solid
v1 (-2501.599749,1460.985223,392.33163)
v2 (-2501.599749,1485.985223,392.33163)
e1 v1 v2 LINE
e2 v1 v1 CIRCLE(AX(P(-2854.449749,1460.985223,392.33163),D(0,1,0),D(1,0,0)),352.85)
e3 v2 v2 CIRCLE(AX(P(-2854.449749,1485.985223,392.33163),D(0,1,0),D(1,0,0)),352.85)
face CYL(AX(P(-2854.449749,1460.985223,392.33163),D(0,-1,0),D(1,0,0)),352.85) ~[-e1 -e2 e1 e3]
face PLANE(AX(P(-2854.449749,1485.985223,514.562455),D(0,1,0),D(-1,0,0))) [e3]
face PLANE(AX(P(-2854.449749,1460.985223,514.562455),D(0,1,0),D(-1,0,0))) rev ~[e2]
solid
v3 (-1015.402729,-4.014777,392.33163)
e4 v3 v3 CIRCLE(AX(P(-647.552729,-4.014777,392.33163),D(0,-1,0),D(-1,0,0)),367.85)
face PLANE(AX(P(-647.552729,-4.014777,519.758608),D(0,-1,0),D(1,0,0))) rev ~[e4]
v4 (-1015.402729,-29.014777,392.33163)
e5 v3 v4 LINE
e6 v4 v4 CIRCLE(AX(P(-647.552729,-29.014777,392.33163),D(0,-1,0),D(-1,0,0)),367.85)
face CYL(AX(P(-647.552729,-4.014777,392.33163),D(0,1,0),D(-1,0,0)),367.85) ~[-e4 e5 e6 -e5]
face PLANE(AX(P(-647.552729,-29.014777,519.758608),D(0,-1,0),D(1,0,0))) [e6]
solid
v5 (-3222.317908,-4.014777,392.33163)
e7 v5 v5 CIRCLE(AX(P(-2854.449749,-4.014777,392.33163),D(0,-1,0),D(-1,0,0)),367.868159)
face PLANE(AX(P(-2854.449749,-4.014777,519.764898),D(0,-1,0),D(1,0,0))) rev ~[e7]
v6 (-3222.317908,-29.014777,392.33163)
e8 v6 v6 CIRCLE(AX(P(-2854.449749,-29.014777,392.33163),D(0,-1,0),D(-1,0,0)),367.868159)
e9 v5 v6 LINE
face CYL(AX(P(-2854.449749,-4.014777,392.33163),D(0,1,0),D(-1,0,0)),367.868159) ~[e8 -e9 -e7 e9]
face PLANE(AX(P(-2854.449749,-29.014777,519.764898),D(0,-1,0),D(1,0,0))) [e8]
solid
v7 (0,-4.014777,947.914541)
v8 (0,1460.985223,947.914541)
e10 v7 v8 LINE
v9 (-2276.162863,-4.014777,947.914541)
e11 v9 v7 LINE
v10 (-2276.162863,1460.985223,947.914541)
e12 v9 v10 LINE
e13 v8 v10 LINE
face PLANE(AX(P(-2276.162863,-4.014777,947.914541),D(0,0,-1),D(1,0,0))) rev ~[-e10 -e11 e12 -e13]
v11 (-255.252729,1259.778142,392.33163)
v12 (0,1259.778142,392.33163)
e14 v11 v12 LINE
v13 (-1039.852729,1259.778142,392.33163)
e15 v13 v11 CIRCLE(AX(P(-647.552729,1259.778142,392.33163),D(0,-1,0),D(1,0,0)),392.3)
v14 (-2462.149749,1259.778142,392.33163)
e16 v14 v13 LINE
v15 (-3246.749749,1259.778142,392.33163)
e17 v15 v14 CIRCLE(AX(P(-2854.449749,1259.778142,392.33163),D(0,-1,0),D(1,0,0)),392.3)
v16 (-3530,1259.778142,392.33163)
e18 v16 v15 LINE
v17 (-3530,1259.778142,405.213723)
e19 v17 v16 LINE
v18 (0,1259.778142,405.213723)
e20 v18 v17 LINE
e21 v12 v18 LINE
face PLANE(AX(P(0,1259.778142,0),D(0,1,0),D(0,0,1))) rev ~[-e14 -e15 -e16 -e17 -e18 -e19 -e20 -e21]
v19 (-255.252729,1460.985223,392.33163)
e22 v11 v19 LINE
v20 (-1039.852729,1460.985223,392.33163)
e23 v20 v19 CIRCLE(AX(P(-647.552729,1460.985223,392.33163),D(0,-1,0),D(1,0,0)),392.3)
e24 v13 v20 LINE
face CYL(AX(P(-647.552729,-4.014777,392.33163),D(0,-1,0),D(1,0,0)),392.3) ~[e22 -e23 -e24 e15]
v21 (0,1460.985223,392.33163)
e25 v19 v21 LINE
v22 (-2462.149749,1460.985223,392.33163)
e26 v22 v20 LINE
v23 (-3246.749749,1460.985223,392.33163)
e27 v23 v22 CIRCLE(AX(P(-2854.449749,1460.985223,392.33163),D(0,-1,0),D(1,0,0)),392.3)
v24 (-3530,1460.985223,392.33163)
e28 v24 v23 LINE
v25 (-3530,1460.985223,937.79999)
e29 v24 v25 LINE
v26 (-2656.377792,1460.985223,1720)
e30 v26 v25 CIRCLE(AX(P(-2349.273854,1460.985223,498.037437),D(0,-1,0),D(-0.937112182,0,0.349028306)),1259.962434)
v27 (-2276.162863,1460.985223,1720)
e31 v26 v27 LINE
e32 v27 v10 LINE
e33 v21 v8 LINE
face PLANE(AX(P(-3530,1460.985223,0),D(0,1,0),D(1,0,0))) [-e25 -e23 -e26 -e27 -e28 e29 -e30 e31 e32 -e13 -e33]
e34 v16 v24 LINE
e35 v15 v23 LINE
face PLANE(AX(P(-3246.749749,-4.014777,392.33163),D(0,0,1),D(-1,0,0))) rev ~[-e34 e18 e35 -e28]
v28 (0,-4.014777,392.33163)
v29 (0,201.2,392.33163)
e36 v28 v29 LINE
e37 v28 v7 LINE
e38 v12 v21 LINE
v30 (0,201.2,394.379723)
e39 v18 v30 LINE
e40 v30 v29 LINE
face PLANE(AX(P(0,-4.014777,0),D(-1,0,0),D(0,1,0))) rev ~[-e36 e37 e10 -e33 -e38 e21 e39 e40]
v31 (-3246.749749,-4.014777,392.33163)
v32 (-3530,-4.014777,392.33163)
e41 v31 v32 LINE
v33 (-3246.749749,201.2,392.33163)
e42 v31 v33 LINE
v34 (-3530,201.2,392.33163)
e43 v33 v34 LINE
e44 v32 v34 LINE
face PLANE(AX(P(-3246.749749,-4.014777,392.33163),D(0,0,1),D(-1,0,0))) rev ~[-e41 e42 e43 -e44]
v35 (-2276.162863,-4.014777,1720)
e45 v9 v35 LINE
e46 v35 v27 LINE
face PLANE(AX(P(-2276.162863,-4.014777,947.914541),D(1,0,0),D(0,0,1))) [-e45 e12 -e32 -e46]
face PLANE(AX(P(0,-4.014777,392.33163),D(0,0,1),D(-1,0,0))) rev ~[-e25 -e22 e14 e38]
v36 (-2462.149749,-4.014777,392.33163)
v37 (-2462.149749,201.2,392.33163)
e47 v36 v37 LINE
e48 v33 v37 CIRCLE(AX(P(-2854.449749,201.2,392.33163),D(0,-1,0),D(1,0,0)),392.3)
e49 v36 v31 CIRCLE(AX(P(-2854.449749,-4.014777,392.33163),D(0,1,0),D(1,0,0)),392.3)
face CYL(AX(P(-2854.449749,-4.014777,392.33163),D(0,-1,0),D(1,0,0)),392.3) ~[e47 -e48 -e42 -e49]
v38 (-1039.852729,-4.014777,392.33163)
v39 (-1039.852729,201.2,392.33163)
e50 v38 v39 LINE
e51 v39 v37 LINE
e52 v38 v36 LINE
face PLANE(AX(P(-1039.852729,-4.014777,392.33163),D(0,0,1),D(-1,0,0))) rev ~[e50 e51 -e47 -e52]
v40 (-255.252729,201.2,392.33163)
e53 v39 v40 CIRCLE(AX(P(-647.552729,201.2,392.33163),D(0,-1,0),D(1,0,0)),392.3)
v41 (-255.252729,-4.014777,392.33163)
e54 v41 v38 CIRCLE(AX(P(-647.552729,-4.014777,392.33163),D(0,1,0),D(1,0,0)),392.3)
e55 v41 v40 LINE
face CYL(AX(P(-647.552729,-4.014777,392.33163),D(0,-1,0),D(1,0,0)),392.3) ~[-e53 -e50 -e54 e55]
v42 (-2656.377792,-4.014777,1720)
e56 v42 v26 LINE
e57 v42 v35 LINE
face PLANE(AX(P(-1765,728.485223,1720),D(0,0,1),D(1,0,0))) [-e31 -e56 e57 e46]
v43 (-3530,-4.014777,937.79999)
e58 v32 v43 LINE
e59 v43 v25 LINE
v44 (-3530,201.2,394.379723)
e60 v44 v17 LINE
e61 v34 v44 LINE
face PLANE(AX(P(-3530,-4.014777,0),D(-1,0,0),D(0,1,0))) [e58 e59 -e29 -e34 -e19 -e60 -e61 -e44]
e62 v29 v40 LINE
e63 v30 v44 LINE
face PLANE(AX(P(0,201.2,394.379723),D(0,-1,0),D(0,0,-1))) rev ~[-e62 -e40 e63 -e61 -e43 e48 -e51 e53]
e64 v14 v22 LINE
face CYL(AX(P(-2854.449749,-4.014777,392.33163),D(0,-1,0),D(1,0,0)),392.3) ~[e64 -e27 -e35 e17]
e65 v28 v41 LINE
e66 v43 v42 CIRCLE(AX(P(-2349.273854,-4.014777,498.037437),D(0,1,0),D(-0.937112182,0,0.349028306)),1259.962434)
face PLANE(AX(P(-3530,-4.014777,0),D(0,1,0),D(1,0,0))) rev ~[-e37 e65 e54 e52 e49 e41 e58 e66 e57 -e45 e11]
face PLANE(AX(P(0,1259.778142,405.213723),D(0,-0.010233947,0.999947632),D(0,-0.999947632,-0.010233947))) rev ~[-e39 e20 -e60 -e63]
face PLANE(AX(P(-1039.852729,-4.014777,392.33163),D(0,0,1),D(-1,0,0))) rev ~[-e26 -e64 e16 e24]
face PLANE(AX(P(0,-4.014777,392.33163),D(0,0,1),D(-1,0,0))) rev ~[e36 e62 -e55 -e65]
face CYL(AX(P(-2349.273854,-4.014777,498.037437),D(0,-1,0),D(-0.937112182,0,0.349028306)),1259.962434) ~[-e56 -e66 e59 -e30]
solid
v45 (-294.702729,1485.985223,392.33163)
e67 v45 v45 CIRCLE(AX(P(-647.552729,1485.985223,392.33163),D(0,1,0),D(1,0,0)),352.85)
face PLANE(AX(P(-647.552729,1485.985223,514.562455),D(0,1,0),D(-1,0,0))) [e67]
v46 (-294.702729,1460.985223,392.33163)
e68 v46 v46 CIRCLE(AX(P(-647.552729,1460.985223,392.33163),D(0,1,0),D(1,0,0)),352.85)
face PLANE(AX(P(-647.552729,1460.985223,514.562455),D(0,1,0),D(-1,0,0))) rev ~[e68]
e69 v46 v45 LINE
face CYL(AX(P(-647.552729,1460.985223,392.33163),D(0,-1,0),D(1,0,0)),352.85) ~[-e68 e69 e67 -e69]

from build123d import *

# Parameters (mm, degrees)
F0_W     = 3530
F0_H     = 1465
F1_DEPTH = 1720
F4_DEPTH = 3600
F2_W     = 2276.1628627777
F2_H     = 772.0854592323
F5_DEPTH = 2000
F7_DEPTH = 25
F9_DEPTH = 25


with BuildPart() as f1:
    # F0 (on Top) → F1 (new body)
    with BuildSketch(Plane.XY):
        with Locations((-1765, 728.4852225147)):
            Rectangle(F0_W, F0_H)
    extrude(amount=F1_DEPTH)

    # F3 (on face) → F4 (cut)
    with BuildSketch(Plane.YZ):
        Polygon((201.2, 394.3797231357), (201.2, 0), (1259.7781419754, 0), (1259.7781419754, 405.2137233015), align=None)
    extrude(amount=-F4_DEPTH, mode=Mode.SUBTRACT)

    # F2 (on face) → F5 (cut)
    with BuildSketch(Plane.XZ.offset(4.0147774853)):
        with BuildLine():
            Line((-3530, 392.3316299915), (-3530, 0))
            Line((-3530, 0), (0, 0))
            Line((0, 0), (0, 392.3316299915))
            Line((0, 392.3316299915), (-255.252728653, 392.3316299915))
            ThreePointArc((-255.252728653, 392.3316299915), (-647.552728653, 0.0316299915), (-1039.852728653, 392.3316299915))
            Line((-1039.852728653, 392.3316299915), (-2462.1497489929, 392.3316299915))
            ThreePointArc((-2462.1497489929, 392.3316299915), (-2854.4497489929, 0.0316299915), (-3246.7497489929, 392.3316299915))
            Line((-3246.7497489929, 392.3316299915), (-3530, 392.3316299915))
        make_face()
        with Locations((-1138.0814313889, 1333.9572703838)):
            Rectangle(F2_W, F2_H)
        with BuildLine():
            Line((-3530, 1720), (-3530, 937.7999901772))
            ThreePointArc((-3530, 937.7999901772), (-3189.7313507359, 1436.7261664282), (-2656.3777923584, 1720))
            Line((-2656.3777923584, 1720), (-3530, 1720))
        make_face()
    extrude(amount=-F5_DEPTH, mode=Mode.SUBTRACT)


with BuildPart() as f7:
    # F6 (on face) → F7 (new body)
    with BuildSketch(Plane.XZ.offset(4.0147774853)):
        with BuildLine():
            Line((-3222.3179076584, 392.3316299915), (-2486.5815903274, 392.3316299915))
            ThreePointArc((-2486.5815903274, 392.3316299915), (-2854.4497489929, 760.199788657), (-3222.3179076584, 392.3316299915))
        make_face()
        with BuildLine():
            ThreePointArc((-3222.3179076584, 392.3316299915), (-2854.4497489929, 24.4634713261), (-2486.5815903274, 392.3316299915))
            Line((-2486.5815903274, 392.3316299915), (-3222.3179076584, 392.3316299915))
        make_face()
    extrude(amount=F7_DEPTH)


with BuildPart() as f7b:
    # F6 (on face) → F7, piece 2 (new body)
    with BuildSketch(Plane.XZ.offset(4.0147774853)):
        with BuildLine():
            ThreePointArc((-279.702728653, 392.3316299915), (-647.552728653, 760.1816299915), (-1015.402728653, 392.3316299915))
            Line((-1015.402728653, 392.3316299915), (-279.702728653, 392.3316299915))
        make_face()
        with BuildLine():
            Line((-279.702728653, 392.3316299915), (-1015.402728653, 392.3316299915))
            ThreePointArc((-1015.402728653, 392.3316299915), (-647.552728653, 24.4816299915), (-279.702728653, 392.3316299915))
        make_face()
    extrude(amount=F7_DEPTH)


with BuildPart() as f9:
    # F8 (on face) → F9 (new body)
    with BuildSketch(Plane(origin=(0, 1460.9852225147, 0), x_dir=(-1, 0, 0), z_dir=(0, 1, 0))):
        with BuildLine():
            Line((294.702728653, 392.3316299915), (1000.402728653, 392.3316299915))
            ThreePointArc((1000.402728653, 392.3316299915), (647.552728653, 745.1816299915), (294.702728653, 392.3316299915))
        make_face()
        with BuildLine():
            ThreePointArc((294.702728653, 392.3316299915), (647.552728653, 39.4816299915), (1000.402728653, 392.3316299915))
            Line((1000.402728653, 392.3316299915), (294.702728653, 392.3316299915))
        make_face()
    extrude(amount=F9_DEPTH)


with BuildPart() as f9b:
    # F8 (on face) → F9, piece 2 (new body)
    with BuildSketch(Plane(origin=(0, 1460.9852225147, 0), x_dir=(-1, 0, 0), z_dir=(0, 1, 0))):
        with BuildLine():
            ThreePointArc((3207.2997489929, 392.3316299915), (2854.4497489929, 745.1816299915), (2501.5997489929, 392.3316299915))
            Line((2501.5997489929, 392.3316299915), (3207.2997489929, 392.3316299915))
        make_face()
        with BuildLine():
            Line((3207.2997489929, 392.3316299915), (2501.5997489929, 392.3316299915))
            ThreePointArc((2501.5997489929, 392.3316299915), (2854.4497489929, 39.4816299915), (3207.2997489929, 392.3316299915))
        make_face()
    extrude(amount=F9_DEPTH)


solid = Compound([f1.part, f7.part, f7b.part, f9.part, f9b.part])
